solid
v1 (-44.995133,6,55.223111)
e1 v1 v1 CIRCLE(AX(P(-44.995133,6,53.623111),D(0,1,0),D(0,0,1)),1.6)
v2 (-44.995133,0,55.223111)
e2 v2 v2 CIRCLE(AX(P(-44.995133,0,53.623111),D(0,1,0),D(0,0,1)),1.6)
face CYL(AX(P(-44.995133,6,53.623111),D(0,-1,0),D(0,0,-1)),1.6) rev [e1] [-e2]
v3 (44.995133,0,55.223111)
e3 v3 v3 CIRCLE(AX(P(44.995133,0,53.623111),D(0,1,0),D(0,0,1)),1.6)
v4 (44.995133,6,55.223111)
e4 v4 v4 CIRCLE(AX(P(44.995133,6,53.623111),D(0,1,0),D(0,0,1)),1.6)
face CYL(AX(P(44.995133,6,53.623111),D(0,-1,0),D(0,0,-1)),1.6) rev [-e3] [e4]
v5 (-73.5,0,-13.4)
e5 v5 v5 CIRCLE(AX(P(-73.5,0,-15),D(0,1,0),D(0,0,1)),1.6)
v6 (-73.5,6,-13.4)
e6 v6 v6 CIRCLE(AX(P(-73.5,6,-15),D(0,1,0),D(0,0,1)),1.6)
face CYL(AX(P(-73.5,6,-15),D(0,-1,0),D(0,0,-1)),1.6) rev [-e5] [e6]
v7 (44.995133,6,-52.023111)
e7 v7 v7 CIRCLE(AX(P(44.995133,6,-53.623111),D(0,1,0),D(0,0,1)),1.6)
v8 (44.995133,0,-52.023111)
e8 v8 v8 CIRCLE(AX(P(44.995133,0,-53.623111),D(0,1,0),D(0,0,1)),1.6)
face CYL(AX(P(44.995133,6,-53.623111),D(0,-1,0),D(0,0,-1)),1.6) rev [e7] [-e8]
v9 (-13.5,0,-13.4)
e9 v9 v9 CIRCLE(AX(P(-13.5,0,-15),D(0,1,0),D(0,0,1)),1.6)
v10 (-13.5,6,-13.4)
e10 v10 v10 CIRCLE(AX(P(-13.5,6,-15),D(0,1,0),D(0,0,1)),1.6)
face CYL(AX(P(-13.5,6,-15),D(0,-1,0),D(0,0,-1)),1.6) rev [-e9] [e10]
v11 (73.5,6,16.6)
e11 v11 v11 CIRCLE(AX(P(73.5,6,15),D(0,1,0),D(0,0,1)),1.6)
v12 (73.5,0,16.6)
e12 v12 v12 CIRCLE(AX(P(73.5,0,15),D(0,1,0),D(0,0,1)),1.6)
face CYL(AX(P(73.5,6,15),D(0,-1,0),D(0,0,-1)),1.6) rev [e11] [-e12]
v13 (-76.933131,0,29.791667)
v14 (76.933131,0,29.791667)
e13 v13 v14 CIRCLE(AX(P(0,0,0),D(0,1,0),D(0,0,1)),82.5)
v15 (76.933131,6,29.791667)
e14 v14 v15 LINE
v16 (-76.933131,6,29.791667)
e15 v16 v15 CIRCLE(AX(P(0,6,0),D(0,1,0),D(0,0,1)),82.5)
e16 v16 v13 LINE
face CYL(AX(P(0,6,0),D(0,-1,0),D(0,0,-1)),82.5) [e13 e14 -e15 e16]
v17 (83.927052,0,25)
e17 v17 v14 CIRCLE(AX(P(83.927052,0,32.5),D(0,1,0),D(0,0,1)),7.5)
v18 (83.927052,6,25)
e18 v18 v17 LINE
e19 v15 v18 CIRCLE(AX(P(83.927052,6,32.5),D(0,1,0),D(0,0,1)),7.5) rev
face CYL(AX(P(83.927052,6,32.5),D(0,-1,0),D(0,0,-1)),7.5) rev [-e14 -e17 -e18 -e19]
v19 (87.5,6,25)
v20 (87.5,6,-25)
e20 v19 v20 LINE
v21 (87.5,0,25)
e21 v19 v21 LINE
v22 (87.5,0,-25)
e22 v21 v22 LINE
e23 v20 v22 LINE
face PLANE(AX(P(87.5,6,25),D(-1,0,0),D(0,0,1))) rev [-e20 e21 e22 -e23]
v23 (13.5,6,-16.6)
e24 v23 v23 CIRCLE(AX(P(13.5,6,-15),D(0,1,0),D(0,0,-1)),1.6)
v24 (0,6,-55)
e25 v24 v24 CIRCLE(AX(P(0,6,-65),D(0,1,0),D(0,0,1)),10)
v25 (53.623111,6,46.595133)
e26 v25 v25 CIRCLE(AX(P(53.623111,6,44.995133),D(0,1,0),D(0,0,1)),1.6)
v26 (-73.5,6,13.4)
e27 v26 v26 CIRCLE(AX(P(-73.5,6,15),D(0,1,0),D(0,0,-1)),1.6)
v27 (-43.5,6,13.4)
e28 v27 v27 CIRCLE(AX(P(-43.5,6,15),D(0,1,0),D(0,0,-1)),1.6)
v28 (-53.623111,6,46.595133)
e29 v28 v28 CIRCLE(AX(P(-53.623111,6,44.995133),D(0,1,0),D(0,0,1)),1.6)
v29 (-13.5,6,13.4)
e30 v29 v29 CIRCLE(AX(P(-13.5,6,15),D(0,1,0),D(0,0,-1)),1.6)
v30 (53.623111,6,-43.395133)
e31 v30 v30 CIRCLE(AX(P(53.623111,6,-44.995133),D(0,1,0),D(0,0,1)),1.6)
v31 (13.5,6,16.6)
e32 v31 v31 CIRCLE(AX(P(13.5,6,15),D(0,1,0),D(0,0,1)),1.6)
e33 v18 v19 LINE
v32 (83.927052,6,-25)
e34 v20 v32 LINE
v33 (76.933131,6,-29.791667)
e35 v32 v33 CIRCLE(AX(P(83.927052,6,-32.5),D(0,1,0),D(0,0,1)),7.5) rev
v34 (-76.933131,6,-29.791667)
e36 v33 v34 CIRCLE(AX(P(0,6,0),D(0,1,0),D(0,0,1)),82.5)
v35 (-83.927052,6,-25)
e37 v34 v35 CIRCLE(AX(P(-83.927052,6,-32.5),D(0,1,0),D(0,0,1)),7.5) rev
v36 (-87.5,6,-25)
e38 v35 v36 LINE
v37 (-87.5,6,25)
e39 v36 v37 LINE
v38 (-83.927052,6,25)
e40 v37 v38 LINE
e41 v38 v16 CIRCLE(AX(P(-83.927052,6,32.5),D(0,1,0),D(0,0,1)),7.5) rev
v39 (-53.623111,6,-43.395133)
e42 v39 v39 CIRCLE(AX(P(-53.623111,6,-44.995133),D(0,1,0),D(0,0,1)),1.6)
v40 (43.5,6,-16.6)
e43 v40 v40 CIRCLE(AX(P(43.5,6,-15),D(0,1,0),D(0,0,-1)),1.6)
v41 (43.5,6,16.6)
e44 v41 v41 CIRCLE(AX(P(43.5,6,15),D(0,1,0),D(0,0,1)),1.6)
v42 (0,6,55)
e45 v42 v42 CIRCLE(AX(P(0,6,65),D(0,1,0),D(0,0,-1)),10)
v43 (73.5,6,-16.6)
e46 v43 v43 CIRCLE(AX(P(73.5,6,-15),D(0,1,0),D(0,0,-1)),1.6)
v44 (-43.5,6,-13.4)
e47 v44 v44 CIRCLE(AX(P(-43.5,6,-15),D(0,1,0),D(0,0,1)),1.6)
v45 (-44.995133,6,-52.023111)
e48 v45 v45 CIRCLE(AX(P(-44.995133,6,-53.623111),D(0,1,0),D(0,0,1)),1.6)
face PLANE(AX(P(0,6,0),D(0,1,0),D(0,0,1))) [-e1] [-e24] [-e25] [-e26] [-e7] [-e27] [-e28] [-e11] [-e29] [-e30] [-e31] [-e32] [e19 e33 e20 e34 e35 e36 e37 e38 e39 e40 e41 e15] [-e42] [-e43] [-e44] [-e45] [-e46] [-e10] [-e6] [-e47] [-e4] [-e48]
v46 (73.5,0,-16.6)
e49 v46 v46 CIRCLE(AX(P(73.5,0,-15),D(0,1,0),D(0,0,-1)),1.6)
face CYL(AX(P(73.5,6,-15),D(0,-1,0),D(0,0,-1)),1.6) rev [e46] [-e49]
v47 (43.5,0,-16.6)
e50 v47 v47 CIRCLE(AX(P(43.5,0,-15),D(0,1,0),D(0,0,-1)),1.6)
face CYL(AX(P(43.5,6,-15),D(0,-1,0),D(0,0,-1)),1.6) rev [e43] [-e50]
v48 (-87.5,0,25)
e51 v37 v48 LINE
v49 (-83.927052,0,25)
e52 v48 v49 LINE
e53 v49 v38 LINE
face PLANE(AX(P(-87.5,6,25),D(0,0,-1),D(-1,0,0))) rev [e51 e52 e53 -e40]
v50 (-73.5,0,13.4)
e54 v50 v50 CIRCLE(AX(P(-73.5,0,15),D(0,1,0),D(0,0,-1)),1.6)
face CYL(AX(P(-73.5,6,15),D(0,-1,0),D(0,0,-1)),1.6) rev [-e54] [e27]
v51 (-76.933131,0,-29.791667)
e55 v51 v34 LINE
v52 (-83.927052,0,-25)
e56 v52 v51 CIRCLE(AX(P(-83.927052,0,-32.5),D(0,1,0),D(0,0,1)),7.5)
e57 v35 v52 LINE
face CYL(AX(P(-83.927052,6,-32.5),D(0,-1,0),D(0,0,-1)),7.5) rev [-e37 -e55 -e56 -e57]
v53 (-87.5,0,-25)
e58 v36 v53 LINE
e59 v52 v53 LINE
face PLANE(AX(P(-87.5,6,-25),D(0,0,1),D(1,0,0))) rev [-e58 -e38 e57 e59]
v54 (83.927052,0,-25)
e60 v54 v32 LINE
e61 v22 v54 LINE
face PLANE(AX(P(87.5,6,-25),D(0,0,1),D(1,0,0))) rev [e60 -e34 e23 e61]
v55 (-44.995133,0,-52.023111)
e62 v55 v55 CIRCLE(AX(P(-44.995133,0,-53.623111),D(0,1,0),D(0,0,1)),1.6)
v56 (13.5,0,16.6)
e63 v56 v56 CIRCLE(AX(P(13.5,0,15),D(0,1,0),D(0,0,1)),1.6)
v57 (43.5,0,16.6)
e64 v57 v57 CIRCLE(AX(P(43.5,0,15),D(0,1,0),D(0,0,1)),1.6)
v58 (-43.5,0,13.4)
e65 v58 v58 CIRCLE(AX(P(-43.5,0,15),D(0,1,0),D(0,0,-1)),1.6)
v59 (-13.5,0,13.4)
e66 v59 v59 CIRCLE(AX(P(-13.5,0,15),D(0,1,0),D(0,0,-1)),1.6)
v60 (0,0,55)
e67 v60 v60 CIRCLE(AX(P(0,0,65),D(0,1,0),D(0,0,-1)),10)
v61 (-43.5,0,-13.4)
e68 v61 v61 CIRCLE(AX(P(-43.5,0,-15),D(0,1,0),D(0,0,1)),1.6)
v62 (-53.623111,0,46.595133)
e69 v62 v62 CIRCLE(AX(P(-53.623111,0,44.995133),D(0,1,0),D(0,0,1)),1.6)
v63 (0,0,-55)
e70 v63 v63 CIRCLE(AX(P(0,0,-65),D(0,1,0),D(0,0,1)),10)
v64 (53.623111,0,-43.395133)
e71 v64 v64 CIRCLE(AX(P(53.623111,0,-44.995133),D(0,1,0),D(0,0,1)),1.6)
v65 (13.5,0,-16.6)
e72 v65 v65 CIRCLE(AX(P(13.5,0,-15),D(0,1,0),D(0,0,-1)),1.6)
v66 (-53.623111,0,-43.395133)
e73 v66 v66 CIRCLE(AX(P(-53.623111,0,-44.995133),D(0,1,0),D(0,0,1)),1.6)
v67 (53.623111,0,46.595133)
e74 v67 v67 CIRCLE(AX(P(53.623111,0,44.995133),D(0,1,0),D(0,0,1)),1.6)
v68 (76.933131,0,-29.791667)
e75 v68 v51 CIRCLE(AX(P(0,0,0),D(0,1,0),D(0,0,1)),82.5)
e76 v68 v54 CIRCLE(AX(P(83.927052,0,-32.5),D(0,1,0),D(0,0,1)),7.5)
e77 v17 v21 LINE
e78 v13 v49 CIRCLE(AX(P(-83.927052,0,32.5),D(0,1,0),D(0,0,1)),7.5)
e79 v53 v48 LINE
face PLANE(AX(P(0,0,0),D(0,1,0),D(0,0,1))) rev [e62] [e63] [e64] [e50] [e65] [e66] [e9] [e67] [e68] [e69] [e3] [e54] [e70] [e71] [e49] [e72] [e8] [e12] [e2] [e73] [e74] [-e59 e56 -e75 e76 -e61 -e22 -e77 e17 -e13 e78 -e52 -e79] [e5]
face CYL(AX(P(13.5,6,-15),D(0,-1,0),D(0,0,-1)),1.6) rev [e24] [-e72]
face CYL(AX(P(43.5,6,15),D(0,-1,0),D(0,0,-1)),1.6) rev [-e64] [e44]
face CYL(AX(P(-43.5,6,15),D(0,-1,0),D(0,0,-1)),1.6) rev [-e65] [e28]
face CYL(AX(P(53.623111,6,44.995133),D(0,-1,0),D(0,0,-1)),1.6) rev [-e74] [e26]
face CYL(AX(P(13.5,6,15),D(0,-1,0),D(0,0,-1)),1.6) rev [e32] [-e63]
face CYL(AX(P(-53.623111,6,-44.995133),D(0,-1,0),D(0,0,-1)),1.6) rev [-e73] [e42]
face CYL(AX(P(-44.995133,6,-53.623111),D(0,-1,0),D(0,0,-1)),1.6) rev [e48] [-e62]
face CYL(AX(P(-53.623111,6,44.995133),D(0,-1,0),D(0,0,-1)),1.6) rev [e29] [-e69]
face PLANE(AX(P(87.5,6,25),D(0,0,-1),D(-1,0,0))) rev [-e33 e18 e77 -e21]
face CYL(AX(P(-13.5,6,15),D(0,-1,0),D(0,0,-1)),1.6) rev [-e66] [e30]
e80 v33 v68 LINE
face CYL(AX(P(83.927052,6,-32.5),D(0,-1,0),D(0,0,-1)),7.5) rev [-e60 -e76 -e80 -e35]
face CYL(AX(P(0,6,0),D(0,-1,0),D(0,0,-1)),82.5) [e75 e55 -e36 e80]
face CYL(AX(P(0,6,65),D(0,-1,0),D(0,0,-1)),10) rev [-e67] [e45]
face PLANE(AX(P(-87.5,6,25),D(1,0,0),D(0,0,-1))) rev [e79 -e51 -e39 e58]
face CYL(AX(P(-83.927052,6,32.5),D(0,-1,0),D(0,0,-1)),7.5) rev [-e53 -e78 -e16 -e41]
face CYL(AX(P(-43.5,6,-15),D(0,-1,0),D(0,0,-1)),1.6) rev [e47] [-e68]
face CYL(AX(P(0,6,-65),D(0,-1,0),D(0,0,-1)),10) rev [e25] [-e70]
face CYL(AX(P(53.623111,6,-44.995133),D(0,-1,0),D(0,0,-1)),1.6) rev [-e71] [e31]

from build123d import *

# Parameters (mm, degrees)
ESQUISSE1_R        = 1.6
ESQUISSE1_R_2      = 10
BOSS_EXTRU_1_DEPTH = 6
CONG_1_R           = 7.5


with BuildPart() as part:
    # Esquisse1 → Boss.-Extru.1 (new body)
    with BuildSketch(Plane(origin=(0, 0, 0), x_dir=(1, 0, 0), z_dir=(0, 1, 0))):
        with BuildLine():
            Line((-87.5, 25), (-78.620925968, 25))
            ThreePointArc((-78.620925968, 25), (0, 82.5), (78.620925968, 25))
            Line((78.620925968, 25), (87.5, 25))
            Line((87.5, 25), (87.5, -25))
            Line((87.5, -25), (78.620925968, -25))
            ThreePointArc((78.620925968, -25), (0, -82.5), (-78.620925968, -25))
            Line((-78.620925968, -25), (-87.5, -25))
            Line((-87.5, -25), (-87.5, 25))
        make_face()
        with Locations(Location((-53.623111018, 44.995132678, 0), (0, 0, 270))):
            Circle(ESQUISSE1_R, mode=Mode.SUBTRACT)
        with Locations(Location((-44.995132678, 53.623111018, 0), (0, 0, 270))):
            Circle(ESQUISSE1_R, mode=Mode.SUBTRACT)
        with Locations(Location((53.623111018, 44.995132678, 0), (0, 0, 270))):
            Circle(ESQUISSE1_R, mode=Mode.SUBTRACT)
        with Locations(Location((44.995132678, 53.623111018, 0), (0, 0, 270))):
            Circle(ESQUISSE1_R, mode=Mode.SUBTRACT)
        with Locations(Location((44.995132678, -53.623111018, 0), (0, 0, 270))):
            Circle(ESQUISSE1_R, mode=Mode.SUBTRACT)
        with Locations(Location((53.623111018, -44.995132678, 0), (0, 0, 270))):
            Circle(ESQUISSE1_R, mode=Mode.SUBTRACT)
        with Locations(Location((-53.623111018, -44.995132678, 0), (0, 0, 270))):
            Circle(ESQUISSE1_R, mode=Mode.SUBTRACT)
        with Locations(Location((-44.995132678, -53.623111018, 0), (0, 0, 270))):
            Circle(ESQUISSE1_R, mode=Mode.SUBTRACT)
        with Locations(Location((0, 65, 0), (0, 0, 270))):
            Circle(ESQUISSE1_R_2, mode=Mode.SUBTRACT)
        with Locations(Location((0, -65, 0), (0, 0, 90))):
            Circle(ESQUISSE1_R_2, mode=Mode.SUBTRACT)
        with Locations(Location((-73.5, 15, 0), (0, 0, 270))):
            Circle(ESQUISSE1_R, mode=Mode.SUBTRACT)
        with Locations(Location((-73.5, -15, 0), (0, 0, 90))):
            Circle(ESQUISSE1_R, mode=Mode.SUBTRACT)
        with Locations(Location((-43.5, 15, 0), (0, 0, 270))):
            Circle(ESQUISSE1_R, mode=Mode.SUBTRACT)
        with Locations(Location((-43.5, -15, 0), (0, 0, 90))):
            Circle(ESQUISSE1_R, mode=Mode.SUBTRACT)
        with Locations(Location((-13.5, 15, 0), (0, 0, 270))):
            Circle(ESQUISSE1_R, mode=Mode.SUBTRACT)
        with Locations(Location((-13.5, -15, 0), (0, 0, 90))):
            Circle(ESQUISSE1_R, mode=Mode.SUBTRACT)
        with Locations(Location((13.5, -15, 0), (0, 0, 270))):
            Circle(ESQUISSE1_R, mode=Mode.SUBTRACT)
        with Locations(Location((13.5, 15, 0), (0, 0, 90))):
            Circle(ESQUISSE1_R, mode=Mode.SUBTRACT)
        with Locations(Location((43.5, 15, 0), (0, 0, 90))):
            Circle(ESQUISSE1_R, mode=Mode.SUBTRACT)
        with Locations(Location((43.5, -15, 0), (0, 0, 270))):
            Circle(ESQUISSE1_R, mode=Mode.SUBTRACT)
        with Locations(Location((73.5, -15, 0), (0, 0, 270))):
            Circle(ESQUISSE1_R, mode=Mode.SUBTRACT)
        with Locations(Location((73.5, 15, 0), (0, 0, 90))):
            Circle(ESQUISSE1_R, mode=Mode.SUBTRACT)
    extrude(amount=BOSS_EXTRU_1_DEPTH)

    # Congé1
    cong_1_edges = [part.edges().sort_by_distance(p)[0] for p in [
        (-78.620925968, 3, -25),
        (78.620925968, 3, -25),
        (78.620925968, 3, 25),
        (-78.620925968, 3, 25),
    ]]
    fillet(cong_1_edges, radius=CONG_1_R)


solid = part.part
